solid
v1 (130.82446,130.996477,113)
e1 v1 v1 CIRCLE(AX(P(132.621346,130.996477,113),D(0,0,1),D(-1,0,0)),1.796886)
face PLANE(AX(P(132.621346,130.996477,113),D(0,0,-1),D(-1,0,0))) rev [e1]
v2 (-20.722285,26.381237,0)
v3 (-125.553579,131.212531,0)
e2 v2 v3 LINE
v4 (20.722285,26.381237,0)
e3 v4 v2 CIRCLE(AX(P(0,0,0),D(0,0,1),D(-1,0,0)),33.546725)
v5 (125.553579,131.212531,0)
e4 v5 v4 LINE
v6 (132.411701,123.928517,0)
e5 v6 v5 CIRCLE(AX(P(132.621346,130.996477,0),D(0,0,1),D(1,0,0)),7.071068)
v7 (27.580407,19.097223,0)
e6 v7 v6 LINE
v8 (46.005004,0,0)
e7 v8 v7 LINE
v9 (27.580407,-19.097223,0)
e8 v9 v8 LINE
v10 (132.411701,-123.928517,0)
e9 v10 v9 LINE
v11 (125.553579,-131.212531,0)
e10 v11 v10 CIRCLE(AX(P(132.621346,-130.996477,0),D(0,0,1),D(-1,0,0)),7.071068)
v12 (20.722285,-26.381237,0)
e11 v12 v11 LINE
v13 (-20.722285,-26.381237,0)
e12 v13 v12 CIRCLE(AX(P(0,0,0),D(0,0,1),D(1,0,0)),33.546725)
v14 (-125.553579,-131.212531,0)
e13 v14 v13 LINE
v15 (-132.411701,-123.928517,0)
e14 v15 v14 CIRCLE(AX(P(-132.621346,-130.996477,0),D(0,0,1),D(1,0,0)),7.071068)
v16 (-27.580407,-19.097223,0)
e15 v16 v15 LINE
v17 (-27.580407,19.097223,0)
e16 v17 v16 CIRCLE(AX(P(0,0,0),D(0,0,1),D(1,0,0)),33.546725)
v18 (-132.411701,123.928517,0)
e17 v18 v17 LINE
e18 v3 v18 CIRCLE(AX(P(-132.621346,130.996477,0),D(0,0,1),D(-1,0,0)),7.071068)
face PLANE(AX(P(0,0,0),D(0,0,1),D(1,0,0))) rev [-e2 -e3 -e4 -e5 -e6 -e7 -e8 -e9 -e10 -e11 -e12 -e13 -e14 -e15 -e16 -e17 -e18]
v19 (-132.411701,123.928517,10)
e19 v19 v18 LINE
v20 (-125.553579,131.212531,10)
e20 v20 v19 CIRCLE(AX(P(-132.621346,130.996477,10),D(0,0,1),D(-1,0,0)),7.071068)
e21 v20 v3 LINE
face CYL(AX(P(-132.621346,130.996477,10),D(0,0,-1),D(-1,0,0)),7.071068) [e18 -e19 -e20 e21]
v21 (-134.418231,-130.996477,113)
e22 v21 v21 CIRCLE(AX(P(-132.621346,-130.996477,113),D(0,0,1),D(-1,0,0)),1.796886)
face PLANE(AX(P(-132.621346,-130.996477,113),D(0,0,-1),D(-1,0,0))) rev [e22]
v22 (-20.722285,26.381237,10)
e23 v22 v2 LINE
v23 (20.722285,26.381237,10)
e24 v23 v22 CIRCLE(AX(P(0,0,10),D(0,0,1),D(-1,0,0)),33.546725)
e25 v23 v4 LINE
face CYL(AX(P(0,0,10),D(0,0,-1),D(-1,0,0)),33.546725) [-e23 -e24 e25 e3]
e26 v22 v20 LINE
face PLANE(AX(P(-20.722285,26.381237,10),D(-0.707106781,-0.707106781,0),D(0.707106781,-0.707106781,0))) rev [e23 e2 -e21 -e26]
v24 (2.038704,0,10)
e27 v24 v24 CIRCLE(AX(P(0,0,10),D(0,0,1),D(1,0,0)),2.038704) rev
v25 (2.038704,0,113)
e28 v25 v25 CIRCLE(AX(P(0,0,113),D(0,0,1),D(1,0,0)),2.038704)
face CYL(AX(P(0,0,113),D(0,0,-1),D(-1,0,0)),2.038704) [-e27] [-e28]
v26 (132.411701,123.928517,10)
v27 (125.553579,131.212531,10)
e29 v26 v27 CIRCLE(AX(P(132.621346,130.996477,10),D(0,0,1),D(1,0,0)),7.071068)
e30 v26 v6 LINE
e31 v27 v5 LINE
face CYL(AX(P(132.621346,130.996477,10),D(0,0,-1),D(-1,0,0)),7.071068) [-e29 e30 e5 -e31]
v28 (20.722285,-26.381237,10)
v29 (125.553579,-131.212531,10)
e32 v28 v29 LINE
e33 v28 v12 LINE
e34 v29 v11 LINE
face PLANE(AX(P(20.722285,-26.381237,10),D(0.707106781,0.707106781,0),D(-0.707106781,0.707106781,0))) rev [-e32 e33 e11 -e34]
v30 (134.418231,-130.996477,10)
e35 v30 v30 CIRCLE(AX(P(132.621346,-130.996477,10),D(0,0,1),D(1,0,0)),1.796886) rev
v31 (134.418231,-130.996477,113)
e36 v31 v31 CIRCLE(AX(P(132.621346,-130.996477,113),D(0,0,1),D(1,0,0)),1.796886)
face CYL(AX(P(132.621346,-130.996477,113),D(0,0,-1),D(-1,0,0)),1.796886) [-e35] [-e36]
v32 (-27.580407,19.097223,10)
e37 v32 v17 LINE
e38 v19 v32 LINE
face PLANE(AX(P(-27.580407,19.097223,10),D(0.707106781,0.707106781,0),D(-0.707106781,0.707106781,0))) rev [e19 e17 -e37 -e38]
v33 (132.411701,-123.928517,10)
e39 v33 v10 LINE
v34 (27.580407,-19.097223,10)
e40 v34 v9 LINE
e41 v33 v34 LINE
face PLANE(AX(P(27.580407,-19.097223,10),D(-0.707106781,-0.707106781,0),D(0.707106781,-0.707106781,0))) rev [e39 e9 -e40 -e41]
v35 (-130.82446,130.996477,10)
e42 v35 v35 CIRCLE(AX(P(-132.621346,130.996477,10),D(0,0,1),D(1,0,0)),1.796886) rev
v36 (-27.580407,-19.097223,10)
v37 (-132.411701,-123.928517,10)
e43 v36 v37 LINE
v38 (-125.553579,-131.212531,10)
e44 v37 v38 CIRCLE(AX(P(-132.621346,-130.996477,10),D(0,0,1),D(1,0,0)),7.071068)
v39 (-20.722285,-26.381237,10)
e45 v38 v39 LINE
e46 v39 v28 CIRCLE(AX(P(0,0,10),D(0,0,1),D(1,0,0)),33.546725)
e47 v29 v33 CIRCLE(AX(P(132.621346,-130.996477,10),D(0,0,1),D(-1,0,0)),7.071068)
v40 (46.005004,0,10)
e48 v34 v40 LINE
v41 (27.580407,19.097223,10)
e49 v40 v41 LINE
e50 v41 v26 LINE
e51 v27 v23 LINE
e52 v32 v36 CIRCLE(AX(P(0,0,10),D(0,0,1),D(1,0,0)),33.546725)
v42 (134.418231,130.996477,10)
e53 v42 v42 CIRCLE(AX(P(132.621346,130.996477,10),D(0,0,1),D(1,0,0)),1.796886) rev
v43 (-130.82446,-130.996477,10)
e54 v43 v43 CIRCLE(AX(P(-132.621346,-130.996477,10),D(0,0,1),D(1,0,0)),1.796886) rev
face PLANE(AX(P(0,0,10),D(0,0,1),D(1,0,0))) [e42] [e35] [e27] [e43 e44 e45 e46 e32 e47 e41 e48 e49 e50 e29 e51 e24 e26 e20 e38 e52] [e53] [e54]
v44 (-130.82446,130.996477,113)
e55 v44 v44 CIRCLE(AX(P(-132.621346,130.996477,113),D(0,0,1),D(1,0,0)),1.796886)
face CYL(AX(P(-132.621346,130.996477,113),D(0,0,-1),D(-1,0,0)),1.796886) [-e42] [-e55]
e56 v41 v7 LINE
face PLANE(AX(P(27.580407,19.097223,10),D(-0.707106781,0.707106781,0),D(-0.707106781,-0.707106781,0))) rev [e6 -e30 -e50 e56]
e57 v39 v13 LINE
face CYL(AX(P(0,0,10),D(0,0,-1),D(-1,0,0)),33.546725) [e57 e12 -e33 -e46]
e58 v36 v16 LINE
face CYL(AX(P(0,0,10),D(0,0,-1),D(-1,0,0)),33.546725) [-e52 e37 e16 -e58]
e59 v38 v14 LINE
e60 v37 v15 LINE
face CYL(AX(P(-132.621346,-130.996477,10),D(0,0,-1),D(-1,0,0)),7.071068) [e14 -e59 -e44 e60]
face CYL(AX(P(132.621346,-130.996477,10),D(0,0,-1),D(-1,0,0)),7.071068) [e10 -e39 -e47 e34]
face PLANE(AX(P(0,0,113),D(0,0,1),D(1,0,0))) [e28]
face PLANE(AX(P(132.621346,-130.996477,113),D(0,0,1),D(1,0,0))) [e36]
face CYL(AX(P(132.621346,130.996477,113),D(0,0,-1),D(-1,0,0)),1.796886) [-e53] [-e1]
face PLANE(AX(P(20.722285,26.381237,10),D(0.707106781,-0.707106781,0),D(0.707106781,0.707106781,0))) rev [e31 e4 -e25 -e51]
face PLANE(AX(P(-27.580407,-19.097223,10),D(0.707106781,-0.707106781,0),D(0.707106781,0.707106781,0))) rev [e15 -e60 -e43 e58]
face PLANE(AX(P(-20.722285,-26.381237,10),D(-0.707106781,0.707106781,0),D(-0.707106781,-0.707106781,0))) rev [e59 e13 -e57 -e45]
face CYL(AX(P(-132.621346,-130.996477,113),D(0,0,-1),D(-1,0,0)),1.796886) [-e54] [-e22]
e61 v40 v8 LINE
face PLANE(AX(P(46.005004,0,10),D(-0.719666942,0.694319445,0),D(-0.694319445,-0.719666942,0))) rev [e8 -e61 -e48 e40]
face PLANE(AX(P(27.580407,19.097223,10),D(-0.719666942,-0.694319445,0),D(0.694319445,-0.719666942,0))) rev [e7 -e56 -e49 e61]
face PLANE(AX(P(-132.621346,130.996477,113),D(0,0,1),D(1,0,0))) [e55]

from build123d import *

# Parameters (mm, degrees)
BOSS_EXTRUDE1_DEPTH = 10
SKETCH3_R           = 1.796885627
SKETCH3_R_2         = 2.038704301
BOSS_EXTRUDE2_DEPTH = 113


with BuildPart() as part:
    # Sketch2 → Boss-Extrude1 (new body)
    with BuildSketch(Plane.XY):
        with BuildLine():
            Line((-20.72228509, 26.381237071), (-125.55357923, 131.212531212))
            ThreePointArc((-125.55357923, 131.212531212), (-137.769587184, 135.843703419), (-132.41170091, 123.928517268))
            Line((-132.41170091, 123.928517268), (-27.580406769, 19.097223127))
            ThreePointArc((-27.580406769, 19.097223127), (-33.546725157, 0), (-27.580406769, -19.097223127))
            Line((-27.580406769, -19.097223127), (-132.41170091, -123.928517268))
            ThreePointArc((-132.41170091, -123.928517268), (-137.769587184, -135.843703419), (-125.55357923, -131.212531212))
            Line((-125.55357923, -131.212531212), (-20.72228509, -26.381237071))
            ThreePointArc((-20.72228509, -26.381237071), (0, -33.546725157), (20.72228509, -26.381237071))
            Line((20.72228509, -26.381237071), (125.55357923, -131.212531212))
            ThreePointArc((125.55357923, -131.212531212), (137.769587184, -135.843703419), (132.41170091, -123.928517268))
            Line((132.41170091, -123.928517268), (27.580406769, -19.097223127))
            Line((27.580406769, -19.097223127), (46.005003751, 0))
            Line((46.005003751, 0), (27.580406769, 19.097223127))
            Line((27.580406769, 19.097223127), (132.41170091, 123.928517268))
            ThreePointArc((132.41170091, 123.928517268), (137.769587184, 135.843703419), (125.55357923, 131.212531212))
            Line((125.55357923, 131.212531212), (20.72228509, 26.381237071))
            ThreePointArc((20.72228509, 26.381237071), (0, 33.546725157), (-20.72228509, 26.381237071))
        make_face()
    extrude(amount=BOSS_EXTRUDE1_DEPTH)

    # Sketch3 → Boss-Extrude2 (add)
    with BuildSketch(Plane.XY):
        with Locations((-132.621345525, 130.996476601)):
            Circle(SKETCH3_R)
        with Locations(Location((132.621345525, 130.996476601, 0), (0, 0, 180))):
            Circle(SKETCH3_R)
        with Locations((132.621345525, -130.996476601)):
            Circle(SKETCH3_R)
        with Locations(Location((-132.621345525, -130.996476601, 0), (0, 0, 180))):
            Circle(SKETCH3_R)
        Circle(SKETCH3_R_2)
    extrude(amount=BOSS_EXTRUDE2_DEPTH)


solid = part.part
